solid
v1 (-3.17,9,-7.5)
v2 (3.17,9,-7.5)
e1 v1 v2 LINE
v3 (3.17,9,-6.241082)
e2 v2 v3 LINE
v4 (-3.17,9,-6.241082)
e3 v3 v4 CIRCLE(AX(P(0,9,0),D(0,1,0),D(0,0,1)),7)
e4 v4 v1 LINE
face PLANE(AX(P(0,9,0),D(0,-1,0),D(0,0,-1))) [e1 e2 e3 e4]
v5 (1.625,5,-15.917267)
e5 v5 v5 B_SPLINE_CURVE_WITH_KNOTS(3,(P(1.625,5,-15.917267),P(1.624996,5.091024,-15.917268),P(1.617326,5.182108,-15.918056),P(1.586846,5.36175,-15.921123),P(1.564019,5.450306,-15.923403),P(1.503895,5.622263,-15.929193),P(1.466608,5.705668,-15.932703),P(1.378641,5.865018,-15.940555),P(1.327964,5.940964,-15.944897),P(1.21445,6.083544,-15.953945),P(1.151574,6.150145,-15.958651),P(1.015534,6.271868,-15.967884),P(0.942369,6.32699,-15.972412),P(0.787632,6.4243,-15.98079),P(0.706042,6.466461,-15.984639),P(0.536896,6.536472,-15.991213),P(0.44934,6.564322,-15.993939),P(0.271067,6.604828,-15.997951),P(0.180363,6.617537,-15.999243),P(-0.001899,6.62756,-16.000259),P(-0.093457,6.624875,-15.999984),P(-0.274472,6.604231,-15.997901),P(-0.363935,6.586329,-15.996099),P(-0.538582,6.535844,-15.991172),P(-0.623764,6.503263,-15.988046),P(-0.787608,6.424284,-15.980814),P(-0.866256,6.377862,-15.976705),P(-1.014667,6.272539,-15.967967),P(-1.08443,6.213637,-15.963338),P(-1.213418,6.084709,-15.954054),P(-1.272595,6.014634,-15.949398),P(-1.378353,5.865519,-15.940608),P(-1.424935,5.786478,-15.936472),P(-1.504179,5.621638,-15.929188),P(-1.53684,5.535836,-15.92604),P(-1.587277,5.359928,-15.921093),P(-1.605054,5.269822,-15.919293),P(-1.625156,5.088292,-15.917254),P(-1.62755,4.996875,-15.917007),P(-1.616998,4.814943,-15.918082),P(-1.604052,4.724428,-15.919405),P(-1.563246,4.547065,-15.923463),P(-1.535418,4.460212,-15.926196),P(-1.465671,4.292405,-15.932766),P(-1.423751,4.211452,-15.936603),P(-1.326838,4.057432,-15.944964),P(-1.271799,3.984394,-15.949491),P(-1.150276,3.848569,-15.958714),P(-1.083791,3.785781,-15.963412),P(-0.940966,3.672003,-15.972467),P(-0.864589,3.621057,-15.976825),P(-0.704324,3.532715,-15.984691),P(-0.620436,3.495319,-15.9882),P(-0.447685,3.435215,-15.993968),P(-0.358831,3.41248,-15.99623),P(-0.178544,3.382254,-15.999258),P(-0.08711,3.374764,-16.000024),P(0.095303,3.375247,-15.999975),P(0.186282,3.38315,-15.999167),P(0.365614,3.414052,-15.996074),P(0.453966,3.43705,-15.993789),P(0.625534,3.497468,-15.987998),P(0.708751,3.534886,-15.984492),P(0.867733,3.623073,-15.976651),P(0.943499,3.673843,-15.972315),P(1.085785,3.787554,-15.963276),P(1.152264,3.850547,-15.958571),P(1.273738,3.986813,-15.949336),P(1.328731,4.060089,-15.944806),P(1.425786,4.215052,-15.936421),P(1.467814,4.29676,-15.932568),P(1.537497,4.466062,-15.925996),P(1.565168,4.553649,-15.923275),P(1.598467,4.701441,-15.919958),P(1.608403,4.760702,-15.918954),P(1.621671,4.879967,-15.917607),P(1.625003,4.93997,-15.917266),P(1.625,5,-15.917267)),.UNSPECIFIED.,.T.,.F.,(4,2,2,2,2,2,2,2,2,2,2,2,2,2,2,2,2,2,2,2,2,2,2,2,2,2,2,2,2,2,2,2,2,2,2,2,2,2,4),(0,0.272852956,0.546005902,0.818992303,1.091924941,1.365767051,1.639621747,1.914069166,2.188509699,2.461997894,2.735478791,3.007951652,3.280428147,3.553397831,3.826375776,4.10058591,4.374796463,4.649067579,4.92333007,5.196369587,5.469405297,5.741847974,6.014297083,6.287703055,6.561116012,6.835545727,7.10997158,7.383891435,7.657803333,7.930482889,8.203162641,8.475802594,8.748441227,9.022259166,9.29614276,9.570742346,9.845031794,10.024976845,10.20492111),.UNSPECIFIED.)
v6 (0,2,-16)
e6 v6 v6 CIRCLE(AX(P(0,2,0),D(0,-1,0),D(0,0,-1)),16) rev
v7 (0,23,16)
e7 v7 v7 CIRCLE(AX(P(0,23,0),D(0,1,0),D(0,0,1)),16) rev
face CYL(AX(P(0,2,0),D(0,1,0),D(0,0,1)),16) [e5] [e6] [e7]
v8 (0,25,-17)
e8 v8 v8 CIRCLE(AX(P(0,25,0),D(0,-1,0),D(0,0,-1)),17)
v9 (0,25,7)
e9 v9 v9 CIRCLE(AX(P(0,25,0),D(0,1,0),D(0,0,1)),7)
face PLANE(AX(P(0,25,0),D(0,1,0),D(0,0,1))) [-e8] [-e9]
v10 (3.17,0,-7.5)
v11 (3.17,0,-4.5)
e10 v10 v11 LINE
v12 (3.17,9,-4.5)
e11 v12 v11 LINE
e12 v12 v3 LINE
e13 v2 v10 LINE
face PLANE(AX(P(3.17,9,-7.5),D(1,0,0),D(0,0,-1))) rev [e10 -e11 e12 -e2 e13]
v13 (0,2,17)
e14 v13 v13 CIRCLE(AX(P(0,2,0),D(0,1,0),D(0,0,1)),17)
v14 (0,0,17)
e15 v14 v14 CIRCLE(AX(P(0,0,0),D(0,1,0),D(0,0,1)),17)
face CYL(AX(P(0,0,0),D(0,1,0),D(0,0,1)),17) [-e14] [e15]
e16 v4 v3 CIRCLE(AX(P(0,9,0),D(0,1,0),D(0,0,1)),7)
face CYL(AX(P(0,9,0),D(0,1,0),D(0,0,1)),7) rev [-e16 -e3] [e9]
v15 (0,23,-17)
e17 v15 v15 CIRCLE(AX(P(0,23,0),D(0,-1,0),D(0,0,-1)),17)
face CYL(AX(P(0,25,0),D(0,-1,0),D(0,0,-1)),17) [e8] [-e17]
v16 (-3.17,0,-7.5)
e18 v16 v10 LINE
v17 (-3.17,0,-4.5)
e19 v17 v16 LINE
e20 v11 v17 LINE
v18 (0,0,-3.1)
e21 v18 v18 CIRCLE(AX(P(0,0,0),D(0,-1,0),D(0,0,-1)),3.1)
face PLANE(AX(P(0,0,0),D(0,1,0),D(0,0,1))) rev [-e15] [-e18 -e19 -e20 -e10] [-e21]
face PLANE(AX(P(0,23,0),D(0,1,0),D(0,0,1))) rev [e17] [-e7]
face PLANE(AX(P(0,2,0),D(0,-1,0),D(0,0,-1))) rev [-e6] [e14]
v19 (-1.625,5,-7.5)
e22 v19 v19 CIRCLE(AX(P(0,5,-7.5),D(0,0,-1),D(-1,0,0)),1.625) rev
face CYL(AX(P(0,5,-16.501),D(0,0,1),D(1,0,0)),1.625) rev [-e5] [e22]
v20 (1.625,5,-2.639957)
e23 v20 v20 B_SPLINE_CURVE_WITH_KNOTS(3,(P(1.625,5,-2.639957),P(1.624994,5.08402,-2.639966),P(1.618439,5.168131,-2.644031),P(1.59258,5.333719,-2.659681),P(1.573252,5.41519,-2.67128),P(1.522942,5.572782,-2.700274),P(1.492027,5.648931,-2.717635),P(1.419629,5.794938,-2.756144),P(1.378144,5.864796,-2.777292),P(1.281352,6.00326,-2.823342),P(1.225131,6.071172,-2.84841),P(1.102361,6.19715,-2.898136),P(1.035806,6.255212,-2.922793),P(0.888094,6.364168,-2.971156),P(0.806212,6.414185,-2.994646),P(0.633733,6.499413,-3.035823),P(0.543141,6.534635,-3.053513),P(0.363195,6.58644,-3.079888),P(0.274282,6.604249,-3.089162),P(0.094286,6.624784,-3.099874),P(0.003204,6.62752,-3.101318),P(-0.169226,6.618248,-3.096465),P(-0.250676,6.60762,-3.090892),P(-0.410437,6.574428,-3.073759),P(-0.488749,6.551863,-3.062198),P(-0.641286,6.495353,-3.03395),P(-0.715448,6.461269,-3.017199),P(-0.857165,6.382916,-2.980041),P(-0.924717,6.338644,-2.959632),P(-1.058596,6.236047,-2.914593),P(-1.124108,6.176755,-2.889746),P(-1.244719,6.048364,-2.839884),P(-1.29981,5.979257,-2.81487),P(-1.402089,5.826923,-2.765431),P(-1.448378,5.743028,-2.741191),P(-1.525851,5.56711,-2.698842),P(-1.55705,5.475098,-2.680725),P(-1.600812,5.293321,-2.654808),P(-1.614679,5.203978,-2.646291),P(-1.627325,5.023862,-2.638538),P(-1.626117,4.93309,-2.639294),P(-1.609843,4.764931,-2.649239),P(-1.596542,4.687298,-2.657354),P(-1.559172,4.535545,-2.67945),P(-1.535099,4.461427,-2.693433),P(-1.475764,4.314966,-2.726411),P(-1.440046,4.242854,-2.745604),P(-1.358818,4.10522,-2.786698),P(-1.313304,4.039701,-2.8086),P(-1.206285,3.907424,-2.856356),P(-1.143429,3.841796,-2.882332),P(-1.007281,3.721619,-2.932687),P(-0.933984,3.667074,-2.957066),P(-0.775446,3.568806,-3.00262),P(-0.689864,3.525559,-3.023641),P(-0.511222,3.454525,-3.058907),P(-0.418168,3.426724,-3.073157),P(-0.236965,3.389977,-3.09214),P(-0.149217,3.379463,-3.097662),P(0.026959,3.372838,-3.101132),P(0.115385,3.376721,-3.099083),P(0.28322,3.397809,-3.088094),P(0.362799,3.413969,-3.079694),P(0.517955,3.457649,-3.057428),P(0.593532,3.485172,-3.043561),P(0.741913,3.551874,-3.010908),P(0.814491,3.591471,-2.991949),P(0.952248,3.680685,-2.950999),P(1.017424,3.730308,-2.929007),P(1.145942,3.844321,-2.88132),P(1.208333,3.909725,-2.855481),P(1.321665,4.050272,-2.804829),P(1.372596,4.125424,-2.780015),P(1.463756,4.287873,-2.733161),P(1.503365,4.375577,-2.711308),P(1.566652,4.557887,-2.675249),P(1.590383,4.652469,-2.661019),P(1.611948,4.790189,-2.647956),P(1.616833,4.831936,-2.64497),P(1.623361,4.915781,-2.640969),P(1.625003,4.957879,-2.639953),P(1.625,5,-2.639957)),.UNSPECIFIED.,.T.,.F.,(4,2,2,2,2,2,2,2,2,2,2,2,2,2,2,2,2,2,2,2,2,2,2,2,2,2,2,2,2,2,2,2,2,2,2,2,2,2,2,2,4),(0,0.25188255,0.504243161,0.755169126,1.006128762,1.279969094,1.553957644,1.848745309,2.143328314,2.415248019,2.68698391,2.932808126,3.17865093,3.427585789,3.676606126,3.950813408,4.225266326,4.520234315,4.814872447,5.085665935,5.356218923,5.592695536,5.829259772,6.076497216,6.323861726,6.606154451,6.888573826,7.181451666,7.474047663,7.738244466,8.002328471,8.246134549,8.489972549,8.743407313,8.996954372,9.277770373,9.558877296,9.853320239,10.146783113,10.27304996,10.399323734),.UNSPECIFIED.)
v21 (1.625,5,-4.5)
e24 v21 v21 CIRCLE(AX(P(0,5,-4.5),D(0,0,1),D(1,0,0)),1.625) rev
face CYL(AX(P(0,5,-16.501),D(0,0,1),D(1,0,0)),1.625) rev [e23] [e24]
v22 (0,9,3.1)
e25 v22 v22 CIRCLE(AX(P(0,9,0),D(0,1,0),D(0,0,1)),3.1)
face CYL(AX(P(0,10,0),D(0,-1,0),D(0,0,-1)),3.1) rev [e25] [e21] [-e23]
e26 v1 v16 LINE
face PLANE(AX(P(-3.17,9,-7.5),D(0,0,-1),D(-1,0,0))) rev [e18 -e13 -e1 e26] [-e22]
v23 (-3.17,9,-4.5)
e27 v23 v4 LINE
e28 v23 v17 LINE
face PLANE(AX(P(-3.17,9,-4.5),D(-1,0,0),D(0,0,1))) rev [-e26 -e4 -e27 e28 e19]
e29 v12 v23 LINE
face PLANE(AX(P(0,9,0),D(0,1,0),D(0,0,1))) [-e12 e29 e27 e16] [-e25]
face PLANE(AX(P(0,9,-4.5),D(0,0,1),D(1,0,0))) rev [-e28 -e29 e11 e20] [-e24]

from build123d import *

# Parameters (mm, degrees)
CROQUIS1_R                 = 15
CROQUIS1_R_2               = 3
SALIENTE_EXTRUIR1_DEPTH    = 25
CROQUIS2_R                 = 16.5
CROQUIS2_R_2               = 3
SALIENTE_EXTRUIR2_DEPTH    = 2
SALIENTE_EXTRUIR3_START    = -2
CROQUIS3_R                 = 16.5
CROQUIS3_R_2               = 3
SALIENTE_EXTRUIR3_DEPTH    = 2
CORTAR_EXTRUIR1_REACH      = 36.198
CORTAR_EXTRUIR1_END_RADIUS = 15
CROQUIS4_R                 = 1.625
CROQUIS5_R                 = 7
CORTAR_EXTRUIR2_DEPTH      = 16
CORTAR_EXTRUIR3_DEPTH      = 9
SALIENTE_EXTRUIR5_START    = 21
CROQUIS10_R                = 16
CROQUIS10_R_2              = 15
SALIENTE_EXTRUIR5_DEPTH    = 21
SALIENTE_EXTRUIR6_START    = -2
CROQUIS12_R                = 17
CROQUIS12_R_2              = 16
SALIENTE_EXTRUIR6_DEPTH    = 2
CROQUIS13_R                = 17
CROQUIS13_R_2              = 16
SALIENTE_EXTRUIR7_DEPTH    = 2
CROQUIS14_R                = 3.1
CORTAR_EXTRUIR4_DEPTH      = 10
CROQUIS15_R                = 1.625
CORTAR_EXTRUIR5_DEPTH      = 9


with BuildPart() as part:
    # Croquis1 → Saliente-Extruir1 (new body)
    with BuildSketch(Plane(origin=(0, 0, 0), x_dir=(1, 0, 0), z_dir=(0, 1, 0))):
        with Locations(Location((0, 0, 0), (0, 0, 270))):
            Circle(CROQUIS1_R)
        with Locations(Location((0, 0, 0), (0, 0, 270))):
            Circle(CROQUIS1_R_2, mode=Mode.SUBTRACT)
    extrude(amount=SALIENTE_EXTRUIR1_DEPTH)

    # Croquis2 → Saliente-Extruir2 (add)
    with BuildSketch(Plane.XZ):
        with Locations(Location((0, 0, 0), (0, 0, 270))):
            Circle(CROQUIS2_R)
        with Locations(Location((0, 0, 0), (0, 0, 90))):
            Circle(CROQUIS2_R_2, mode=Mode.SUBTRACT)
    extrude(amount=-SALIENTE_EXTRUIR2_DEPTH)

    # Croquis3 → Saliente-Extruir3 (add)
    with BuildSketch(Plane(origin=(0, 25, 0), x_dir=(1, 0, 0), z_dir=(0, 1, 0)).offset(SALIENTE_EXTRUIR3_START)):
        with Locations(Location((0, 0, 0), (0, 0, 90))):
            Circle(CROQUIS3_R)
        with Locations(Location((0, 0, 0), (0, 0, 270))):
            Circle(CROQUIS3_R_2, mode=Mode.SUBTRACT)
    extrude(amount=SALIENTE_EXTRUIR3_DEPTH)

    # Cortar-Extruir1: up to this cylinder (the profile starts inside it)
    cortar_extruir1_end = Plane(origin=(0, 5, 0), z_dir=(0, -1, 0)) * Cylinder(CORTAR_EXTRUIR1_END_RADIUS, 103.396, mode=Mode.PRIVATE)
    # Croquis4 → Cortar-Extruir1 (cut, up to the surface)
    with BuildSketch(Plane.XY, mode=Mode.PRIVATE) as cortar_extruir1_sk1:
        with Locations((0, 5)):
            Circle(CROQUIS4_R)
    cortar_extruir1_tool1 = extrude(cortar_extruir1_sk1.sketch, amount=-CORTAR_EXTRUIR1_REACH, mode=Mode.PRIVATE) & cortar_extruir1_end
    add(cortar_extruir1_tool1.solids().sort_by_distance((0, 5, 0))[0], mode=Mode.SUBTRACT)

    # Croquis5 → Cortar-Extruir2 (cut)
    with BuildSketch(Plane(origin=(0, 25, 0), x_dir=(1, 0, 0), z_dir=(0, 1, 0))):
        with Locations(Location((0, 0, 0), (0, 0, 270))):
            Circle(CROQUIS5_R)
    extrude(amount=-CORTAR_EXTRUIR2_DEPTH, mode=Mode.SUBTRACT)

    # Croquis7 → Cortar-Extruir3 (cut)
    with BuildSketch(Plane.XZ):
        Polygon((-3.17, -7.5), (3.17, -7.5), (3.17, -4.5), (0, -4.5), (-3.17, -4.5), align=None)
    extrude(amount=-CORTAR_EXTRUIR3_DEPTH, mode=Mode.SUBTRACT)

    # Croquis10 → Saliente-Extruir5 (add)
    with BuildSketch(Plane.XZ.offset(-23).offset(SALIENTE_EXTRUIR5_START)):
        with Locations(Location((0, 0, 0), (0, 0, 90))):
            Circle(CROQUIS10_R)
        Circle(CROQUIS10_R_2, mode=Mode.SUBTRACT)
    extrude(amount=-SALIENTE_EXTRUIR5_DEPTH)

    # Croquis12 → Saliente-Extruir6 (add)
    with BuildSketch(Plane(origin=(0, 2, 0), x_dir=(1, 0, 0), z_dir=(0, 1, 0)).offset(SALIENTE_EXTRUIR6_START)):
        with Locations(Location((0, 0, 0), (0, 0, 270))):
            Circle(CROQUIS12_R)
        with Locations(Location((0, 0, 0), (0, 0, 270))):
            Circle(CROQUIS12_R_2, mode=Mode.SUBTRACT)
    extrude(amount=SALIENTE_EXTRUIR6_DEPTH)

    # Croquis13 → Saliente-Extruir7 (add)
    with BuildSketch(Plane.XZ.offset(-23)):
        with Locations(Location((0, 0, 0), (0, 0, 90))):
            Circle(CROQUIS13_R)
        with Locations(Location((0, 0, 0), (0, 0, 90))):
            Circle(CROQUIS13_R_2, mode=Mode.SUBTRACT)
    extrude(amount=-SALIENTE_EXTRUIR7_DEPTH)

    # Croquis14 → Cortar-Extruir4 (cut)
    with BuildSketch(Plane.XZ):
        with Locations(Location((0, 0, 0), (0, 0, 270))):
            Circle(CROQUIS14_R)
    extrude(amount=-CORTAR_EXTRUIR4_DEPTH, mode=Mode.SUBTRACT)

    # Croquis15 → Cortar-Extruir5 (cut)
    with BuildSketch(Plane.XY.offset(-7.5)):
        with Locations((0, 5)):
            Circle(CROQUIS15_R)
    extrude(amount=-CORTAR_EXTRUIR5_DEPTH, mode=Mode.SUBTRACT)


solid = part.part
